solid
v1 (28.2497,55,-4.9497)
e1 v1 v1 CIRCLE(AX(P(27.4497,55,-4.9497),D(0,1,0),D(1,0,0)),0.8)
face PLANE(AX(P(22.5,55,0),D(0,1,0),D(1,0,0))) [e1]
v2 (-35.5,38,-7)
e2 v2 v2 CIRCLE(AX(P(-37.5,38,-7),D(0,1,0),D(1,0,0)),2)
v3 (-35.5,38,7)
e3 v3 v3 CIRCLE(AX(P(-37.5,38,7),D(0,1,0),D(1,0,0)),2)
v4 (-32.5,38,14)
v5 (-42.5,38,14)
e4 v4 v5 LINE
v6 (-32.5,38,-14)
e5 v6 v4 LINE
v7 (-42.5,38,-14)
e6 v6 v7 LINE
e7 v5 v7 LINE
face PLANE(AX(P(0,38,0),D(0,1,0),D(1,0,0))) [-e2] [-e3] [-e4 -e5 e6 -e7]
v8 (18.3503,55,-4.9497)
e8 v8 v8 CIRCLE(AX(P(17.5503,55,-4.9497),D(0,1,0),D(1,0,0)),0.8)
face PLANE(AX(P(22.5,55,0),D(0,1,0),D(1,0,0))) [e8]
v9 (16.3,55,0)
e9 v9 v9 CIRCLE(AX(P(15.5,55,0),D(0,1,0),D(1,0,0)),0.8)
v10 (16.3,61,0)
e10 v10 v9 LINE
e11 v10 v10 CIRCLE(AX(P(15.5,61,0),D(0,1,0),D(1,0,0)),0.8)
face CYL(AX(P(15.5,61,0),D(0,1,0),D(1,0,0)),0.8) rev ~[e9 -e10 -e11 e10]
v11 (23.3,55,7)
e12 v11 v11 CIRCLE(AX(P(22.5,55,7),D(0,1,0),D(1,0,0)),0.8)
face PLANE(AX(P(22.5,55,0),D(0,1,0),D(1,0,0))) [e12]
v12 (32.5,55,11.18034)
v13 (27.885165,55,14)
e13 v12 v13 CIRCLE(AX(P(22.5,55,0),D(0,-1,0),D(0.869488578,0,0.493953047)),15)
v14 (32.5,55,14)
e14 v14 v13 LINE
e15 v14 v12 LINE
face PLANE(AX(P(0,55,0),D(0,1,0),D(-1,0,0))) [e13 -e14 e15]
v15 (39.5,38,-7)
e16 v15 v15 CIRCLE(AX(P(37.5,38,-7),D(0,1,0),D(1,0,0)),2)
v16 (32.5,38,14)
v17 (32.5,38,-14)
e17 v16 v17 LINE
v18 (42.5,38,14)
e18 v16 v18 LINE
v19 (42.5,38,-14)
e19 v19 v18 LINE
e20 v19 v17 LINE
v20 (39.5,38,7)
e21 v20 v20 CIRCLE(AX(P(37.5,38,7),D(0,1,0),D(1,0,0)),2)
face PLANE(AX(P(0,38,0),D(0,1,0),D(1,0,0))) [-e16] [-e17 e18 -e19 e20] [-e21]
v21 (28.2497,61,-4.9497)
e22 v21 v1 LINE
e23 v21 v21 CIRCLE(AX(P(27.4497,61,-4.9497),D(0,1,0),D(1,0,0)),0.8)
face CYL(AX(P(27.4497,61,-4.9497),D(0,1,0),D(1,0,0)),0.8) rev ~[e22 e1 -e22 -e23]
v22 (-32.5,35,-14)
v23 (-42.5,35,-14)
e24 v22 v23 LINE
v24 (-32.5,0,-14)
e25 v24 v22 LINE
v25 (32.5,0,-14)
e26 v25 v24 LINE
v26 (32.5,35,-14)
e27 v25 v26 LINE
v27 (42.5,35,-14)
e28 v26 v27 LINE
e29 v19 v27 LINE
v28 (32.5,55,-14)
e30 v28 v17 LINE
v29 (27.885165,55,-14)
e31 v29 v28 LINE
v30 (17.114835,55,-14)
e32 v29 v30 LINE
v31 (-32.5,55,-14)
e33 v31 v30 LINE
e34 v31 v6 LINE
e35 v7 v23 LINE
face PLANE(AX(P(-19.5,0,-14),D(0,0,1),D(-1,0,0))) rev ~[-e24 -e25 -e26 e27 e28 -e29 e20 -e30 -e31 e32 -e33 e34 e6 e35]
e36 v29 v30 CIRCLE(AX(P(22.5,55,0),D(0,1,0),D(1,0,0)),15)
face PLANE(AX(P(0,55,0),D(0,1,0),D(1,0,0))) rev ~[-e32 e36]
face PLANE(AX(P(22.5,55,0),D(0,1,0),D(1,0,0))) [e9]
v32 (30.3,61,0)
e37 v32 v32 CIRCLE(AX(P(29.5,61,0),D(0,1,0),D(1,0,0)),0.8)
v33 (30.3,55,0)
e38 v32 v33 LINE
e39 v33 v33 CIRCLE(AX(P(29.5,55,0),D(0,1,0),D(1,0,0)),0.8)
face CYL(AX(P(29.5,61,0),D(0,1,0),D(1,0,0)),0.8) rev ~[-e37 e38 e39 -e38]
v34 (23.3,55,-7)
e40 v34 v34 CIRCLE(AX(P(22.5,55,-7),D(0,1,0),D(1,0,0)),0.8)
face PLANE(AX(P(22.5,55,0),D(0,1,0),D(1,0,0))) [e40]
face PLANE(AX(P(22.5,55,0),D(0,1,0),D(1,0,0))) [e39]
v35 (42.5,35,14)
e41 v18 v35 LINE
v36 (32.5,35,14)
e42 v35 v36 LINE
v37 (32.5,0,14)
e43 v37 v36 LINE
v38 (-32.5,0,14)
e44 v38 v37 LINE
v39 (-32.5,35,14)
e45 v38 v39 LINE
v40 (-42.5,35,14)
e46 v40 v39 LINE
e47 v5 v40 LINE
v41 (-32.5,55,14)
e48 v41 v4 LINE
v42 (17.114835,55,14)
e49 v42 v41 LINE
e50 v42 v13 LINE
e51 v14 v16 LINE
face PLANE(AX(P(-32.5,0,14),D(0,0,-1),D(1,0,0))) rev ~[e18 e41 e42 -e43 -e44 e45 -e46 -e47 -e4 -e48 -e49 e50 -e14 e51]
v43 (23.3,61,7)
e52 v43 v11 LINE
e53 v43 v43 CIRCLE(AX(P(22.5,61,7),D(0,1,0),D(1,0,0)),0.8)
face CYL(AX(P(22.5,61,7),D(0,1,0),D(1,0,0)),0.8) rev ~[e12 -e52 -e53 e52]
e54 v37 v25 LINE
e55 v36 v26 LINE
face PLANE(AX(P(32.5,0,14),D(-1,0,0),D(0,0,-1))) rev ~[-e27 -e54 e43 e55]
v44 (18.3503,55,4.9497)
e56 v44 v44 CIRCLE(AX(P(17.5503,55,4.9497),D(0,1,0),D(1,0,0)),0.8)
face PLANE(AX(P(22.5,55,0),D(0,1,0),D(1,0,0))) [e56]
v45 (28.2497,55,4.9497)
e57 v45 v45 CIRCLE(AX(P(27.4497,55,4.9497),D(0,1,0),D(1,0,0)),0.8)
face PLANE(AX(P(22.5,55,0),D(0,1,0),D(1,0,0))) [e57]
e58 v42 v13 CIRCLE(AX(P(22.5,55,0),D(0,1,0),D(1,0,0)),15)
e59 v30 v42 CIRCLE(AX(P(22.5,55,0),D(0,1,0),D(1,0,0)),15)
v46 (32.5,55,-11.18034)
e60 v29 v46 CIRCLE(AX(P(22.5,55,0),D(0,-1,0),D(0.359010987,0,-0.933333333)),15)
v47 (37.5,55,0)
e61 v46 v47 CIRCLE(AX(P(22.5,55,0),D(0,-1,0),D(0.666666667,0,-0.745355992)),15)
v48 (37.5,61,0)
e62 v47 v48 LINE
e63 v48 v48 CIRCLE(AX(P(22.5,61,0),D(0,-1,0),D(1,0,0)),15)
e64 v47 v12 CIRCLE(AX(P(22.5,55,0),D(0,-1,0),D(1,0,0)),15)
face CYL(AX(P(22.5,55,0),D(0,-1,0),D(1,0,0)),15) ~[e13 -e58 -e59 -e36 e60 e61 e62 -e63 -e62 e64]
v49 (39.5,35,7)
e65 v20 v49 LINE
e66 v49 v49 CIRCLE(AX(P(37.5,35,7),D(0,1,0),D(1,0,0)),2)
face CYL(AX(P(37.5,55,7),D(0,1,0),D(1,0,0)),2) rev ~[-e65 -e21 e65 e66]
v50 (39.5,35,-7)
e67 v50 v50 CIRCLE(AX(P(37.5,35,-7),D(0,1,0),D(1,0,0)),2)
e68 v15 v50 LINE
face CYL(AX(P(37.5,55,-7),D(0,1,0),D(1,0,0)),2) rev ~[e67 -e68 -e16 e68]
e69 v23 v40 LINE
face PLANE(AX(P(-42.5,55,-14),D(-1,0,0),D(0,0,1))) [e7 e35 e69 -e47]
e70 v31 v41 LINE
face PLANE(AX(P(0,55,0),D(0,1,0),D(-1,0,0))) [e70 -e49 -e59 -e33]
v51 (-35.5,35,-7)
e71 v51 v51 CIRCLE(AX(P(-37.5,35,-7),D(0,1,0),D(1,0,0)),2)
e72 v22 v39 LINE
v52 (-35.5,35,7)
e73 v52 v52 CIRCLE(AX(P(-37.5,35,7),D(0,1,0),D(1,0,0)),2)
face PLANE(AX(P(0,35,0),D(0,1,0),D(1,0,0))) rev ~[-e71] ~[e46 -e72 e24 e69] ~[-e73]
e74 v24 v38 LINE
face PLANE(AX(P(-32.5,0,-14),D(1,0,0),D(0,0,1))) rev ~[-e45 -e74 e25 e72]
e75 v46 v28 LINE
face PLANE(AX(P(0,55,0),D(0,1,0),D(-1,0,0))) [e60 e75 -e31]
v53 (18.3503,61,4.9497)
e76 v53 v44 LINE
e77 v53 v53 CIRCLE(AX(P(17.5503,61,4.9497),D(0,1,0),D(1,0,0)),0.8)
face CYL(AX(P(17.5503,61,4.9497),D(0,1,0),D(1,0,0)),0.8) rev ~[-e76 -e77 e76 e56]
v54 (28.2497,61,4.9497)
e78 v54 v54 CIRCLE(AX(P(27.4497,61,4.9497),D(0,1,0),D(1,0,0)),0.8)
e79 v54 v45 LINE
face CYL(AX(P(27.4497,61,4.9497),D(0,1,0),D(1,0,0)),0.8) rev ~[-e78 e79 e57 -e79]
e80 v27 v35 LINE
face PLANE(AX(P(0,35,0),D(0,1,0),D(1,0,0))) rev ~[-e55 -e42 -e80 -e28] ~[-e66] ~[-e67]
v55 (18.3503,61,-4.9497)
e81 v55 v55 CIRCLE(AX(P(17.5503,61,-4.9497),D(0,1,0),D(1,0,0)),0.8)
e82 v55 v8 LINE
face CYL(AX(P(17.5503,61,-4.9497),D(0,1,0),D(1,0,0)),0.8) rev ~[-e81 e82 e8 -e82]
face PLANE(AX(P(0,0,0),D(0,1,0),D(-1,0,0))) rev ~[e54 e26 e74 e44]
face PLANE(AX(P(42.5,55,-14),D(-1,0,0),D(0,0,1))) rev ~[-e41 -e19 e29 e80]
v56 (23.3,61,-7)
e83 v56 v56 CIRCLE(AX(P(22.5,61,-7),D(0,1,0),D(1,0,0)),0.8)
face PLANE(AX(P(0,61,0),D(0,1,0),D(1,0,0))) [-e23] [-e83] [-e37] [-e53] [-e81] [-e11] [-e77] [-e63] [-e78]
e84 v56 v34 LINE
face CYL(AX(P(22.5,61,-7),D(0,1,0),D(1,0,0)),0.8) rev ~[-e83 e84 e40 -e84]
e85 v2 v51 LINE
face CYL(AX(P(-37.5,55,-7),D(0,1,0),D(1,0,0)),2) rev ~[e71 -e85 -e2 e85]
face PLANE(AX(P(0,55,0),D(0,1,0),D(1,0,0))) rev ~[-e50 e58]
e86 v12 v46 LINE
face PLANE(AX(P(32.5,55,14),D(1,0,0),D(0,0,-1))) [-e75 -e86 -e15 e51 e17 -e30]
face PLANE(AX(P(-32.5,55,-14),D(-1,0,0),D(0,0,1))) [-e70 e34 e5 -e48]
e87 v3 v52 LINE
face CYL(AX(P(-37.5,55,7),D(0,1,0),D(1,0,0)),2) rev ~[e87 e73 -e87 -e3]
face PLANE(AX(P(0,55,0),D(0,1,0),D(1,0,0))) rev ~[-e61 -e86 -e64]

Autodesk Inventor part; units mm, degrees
ref_plane "YZ Plane" through (0, 0, 0) normal (1, 0, 0) x (0, 1, 0)
ref_plane "XZ Plane" through (0, 0, 0) normal (0, 1, 0) x (-1, 0, 0)
ref_plane "XY Plane" through (0, 0, 0) normal (0, 0, 1) x (1, 0, 0)
sketch "Sketch1" plane through (0, 0, 0) normal (0, 1, 0) x (-1, 0, 0)
  line L0 (32.5, 14) -> (19.5, 14)
  line L1 (-32.5, 14) -> (-32.5, -14)
  line L2 (-32.5, -14) -> (19.5, -14)
  line L3 (32.5, -14) -> (32.5, 14)
  line L4 (32.5, 14) -> (-32.5, -14) construction
  line L5 (-32.5, 14) -> (32.5, -14) construction
  line L6 (19.5, 14) -> (-32.5, 14)
  line L7 (19.5, -14) -> (32.5, -14)
  point P0 (0, 0)
  point P1 (32.5, 7.3274)
  point P2 (32.5, -11.3274)
  dimension "d0" = 65
  dimension "d1" = 28
extrude "Extrusion1" add sketch "Sketch1" along normal blind 55
sketch "Sketch2" plane through (0, 55, 0) normal (0, 1, 0) x (1, 0, 0)
  circle A0 centre (22.5, 0) radius 15
  line L0 (32.5, -14) -> (32.5, 14) projected
  line L1 (-32.5, -14) -> (32.5, -14) projected
  point P0 (0, 0)
  point P1 (-8.5, -16)
  dimension "d4" = 10
  dimension "d5" = 30
  dimension "d28" = 14
extrude "Extrusion2" add sketch "Sketch2" along normal blind 6 contours A0 L0 | L0 A0 L1 | L1 A0 picked at (24.6253, 2.0919)
sketch "Sketch3" plane through (22.5, 61, 0) normal (0, 1, 0) x (1, 0, 0)
  circle A0 centre (-7, 0) radius 0.8
  circle A1 centre (0, 0) radius 15 projected
  circle A2 centre (-4.9497, -4.9497) radius 0.8
  circle A3 centre (0, -7) radius 0.8
  circle A4 centre (4.9497, -4.9497) radius 0.8
  circle A5 centre (7, 0) radius 0.8
  circle A6 centre (4.9497, 4.9497) radius 0.8
  circle A7 centre (0, 7) radius 0.8
  circle A8 centre (-4.9497, 4.9497) radius 0.8
  point P0 (-22.5, 0)
  dimension "d12" = 1.6
  dimension "d14" = 7
  dimension "d17" = 360
extrude "Extrusion3" cut sketch "Sketch3" against normal up to surface (6 mm away) contours A0 | A2 | A3 | A4 | A5 | A6 | A7 | A8
sketch "Sketch4" plane through (0, 55, 0) normal (0, 1, 0) x (1, 0, 0)
  circle A0 centre (-37.5, -7) radius 2
  circle A1 centre (37.5, -7) radius 2
  circle A2 centre (37.5, 7) radius 2
  circle A3 centre (-37.5, 7) radius 2
  line L0 (-32.5, -14) -> (32.5, -14) projected
  line L1 (32.5, -14) -> (32.5, 14) projected
  line L2 (-32.5, 14) -> (-32.5, -14) projected
  line L3 (-32.5, 14) -> (-42.5, 14)
  line L4 (-42.5, 14) -> (-42.5, -14)
  line L5 (-42.5, -14) -> (-32.5, -14)
  line L6 (-32.5, -14) -> (-32.5, 14)
  line L7 (32.5, 14) -> (42.5, 14)
  line L8 (42.5, 14) -> (42.5, -14)
  line L9 (42.5, -14) -> (32.5, -14)
  line L10 (32.5, -14) -> (32.5, 14)
  point P0 (0, 0)
  point P1 (-8.5, -16)
  point P2 (29.5, -14)
  point P3 (32.5, -11)
  point P4 (32.5, 11)
  dimension "d21" = 4
  dimension "d22" = 14
  dimension "d23" = 7
  dimension "d29" = 5
  dimension "d30" = 5
  dimension "d31" = 5
  dimension "d32" = 5
extrude "Extrusion4" add sketch "Sketch4" against normal blind 20
sketch "Sketch5" plane through (0, 55, 0) normal (0, 1, 0) x (1, 0, 0)
  line L0 (42.5, 14) -> (-42.5, 14) projected
  line L1 (-32.5, 14) -> (-32.5, -14) projected
  line L2 (-42.5, 14) -> (-32.5, 14)
  line L3 (-32.5, 14) -> (-32.5, -14)
  line L4 (-32.5, -14) -> (-42.5, -14)
  line L5 (-42.5, -14) -> (-42.5, 14)
  line L6 (32.5, -14) -> (32.5, 14) projected
  line L7 (42.5, 14) -> (42.5, -14) projected
  line L8 (32.5, -14) -> (42.5, -14)
  line L9 (42.5, -14) -> (42.5, 14)
  line L10 (42.5, 14) -> (32.5, 14)
  line L11 (32.5, 14) -> (32.5, -14)
  point P0 (0, 0)
extrude "Extrusion5" cut sketch "Sketch5" against normal blind 17
equation "\"d30\" = d29"
equation "\"d31\" = d30"
equation "\"d32\" = d29"
properties part number "servo" material "Aluminum"
